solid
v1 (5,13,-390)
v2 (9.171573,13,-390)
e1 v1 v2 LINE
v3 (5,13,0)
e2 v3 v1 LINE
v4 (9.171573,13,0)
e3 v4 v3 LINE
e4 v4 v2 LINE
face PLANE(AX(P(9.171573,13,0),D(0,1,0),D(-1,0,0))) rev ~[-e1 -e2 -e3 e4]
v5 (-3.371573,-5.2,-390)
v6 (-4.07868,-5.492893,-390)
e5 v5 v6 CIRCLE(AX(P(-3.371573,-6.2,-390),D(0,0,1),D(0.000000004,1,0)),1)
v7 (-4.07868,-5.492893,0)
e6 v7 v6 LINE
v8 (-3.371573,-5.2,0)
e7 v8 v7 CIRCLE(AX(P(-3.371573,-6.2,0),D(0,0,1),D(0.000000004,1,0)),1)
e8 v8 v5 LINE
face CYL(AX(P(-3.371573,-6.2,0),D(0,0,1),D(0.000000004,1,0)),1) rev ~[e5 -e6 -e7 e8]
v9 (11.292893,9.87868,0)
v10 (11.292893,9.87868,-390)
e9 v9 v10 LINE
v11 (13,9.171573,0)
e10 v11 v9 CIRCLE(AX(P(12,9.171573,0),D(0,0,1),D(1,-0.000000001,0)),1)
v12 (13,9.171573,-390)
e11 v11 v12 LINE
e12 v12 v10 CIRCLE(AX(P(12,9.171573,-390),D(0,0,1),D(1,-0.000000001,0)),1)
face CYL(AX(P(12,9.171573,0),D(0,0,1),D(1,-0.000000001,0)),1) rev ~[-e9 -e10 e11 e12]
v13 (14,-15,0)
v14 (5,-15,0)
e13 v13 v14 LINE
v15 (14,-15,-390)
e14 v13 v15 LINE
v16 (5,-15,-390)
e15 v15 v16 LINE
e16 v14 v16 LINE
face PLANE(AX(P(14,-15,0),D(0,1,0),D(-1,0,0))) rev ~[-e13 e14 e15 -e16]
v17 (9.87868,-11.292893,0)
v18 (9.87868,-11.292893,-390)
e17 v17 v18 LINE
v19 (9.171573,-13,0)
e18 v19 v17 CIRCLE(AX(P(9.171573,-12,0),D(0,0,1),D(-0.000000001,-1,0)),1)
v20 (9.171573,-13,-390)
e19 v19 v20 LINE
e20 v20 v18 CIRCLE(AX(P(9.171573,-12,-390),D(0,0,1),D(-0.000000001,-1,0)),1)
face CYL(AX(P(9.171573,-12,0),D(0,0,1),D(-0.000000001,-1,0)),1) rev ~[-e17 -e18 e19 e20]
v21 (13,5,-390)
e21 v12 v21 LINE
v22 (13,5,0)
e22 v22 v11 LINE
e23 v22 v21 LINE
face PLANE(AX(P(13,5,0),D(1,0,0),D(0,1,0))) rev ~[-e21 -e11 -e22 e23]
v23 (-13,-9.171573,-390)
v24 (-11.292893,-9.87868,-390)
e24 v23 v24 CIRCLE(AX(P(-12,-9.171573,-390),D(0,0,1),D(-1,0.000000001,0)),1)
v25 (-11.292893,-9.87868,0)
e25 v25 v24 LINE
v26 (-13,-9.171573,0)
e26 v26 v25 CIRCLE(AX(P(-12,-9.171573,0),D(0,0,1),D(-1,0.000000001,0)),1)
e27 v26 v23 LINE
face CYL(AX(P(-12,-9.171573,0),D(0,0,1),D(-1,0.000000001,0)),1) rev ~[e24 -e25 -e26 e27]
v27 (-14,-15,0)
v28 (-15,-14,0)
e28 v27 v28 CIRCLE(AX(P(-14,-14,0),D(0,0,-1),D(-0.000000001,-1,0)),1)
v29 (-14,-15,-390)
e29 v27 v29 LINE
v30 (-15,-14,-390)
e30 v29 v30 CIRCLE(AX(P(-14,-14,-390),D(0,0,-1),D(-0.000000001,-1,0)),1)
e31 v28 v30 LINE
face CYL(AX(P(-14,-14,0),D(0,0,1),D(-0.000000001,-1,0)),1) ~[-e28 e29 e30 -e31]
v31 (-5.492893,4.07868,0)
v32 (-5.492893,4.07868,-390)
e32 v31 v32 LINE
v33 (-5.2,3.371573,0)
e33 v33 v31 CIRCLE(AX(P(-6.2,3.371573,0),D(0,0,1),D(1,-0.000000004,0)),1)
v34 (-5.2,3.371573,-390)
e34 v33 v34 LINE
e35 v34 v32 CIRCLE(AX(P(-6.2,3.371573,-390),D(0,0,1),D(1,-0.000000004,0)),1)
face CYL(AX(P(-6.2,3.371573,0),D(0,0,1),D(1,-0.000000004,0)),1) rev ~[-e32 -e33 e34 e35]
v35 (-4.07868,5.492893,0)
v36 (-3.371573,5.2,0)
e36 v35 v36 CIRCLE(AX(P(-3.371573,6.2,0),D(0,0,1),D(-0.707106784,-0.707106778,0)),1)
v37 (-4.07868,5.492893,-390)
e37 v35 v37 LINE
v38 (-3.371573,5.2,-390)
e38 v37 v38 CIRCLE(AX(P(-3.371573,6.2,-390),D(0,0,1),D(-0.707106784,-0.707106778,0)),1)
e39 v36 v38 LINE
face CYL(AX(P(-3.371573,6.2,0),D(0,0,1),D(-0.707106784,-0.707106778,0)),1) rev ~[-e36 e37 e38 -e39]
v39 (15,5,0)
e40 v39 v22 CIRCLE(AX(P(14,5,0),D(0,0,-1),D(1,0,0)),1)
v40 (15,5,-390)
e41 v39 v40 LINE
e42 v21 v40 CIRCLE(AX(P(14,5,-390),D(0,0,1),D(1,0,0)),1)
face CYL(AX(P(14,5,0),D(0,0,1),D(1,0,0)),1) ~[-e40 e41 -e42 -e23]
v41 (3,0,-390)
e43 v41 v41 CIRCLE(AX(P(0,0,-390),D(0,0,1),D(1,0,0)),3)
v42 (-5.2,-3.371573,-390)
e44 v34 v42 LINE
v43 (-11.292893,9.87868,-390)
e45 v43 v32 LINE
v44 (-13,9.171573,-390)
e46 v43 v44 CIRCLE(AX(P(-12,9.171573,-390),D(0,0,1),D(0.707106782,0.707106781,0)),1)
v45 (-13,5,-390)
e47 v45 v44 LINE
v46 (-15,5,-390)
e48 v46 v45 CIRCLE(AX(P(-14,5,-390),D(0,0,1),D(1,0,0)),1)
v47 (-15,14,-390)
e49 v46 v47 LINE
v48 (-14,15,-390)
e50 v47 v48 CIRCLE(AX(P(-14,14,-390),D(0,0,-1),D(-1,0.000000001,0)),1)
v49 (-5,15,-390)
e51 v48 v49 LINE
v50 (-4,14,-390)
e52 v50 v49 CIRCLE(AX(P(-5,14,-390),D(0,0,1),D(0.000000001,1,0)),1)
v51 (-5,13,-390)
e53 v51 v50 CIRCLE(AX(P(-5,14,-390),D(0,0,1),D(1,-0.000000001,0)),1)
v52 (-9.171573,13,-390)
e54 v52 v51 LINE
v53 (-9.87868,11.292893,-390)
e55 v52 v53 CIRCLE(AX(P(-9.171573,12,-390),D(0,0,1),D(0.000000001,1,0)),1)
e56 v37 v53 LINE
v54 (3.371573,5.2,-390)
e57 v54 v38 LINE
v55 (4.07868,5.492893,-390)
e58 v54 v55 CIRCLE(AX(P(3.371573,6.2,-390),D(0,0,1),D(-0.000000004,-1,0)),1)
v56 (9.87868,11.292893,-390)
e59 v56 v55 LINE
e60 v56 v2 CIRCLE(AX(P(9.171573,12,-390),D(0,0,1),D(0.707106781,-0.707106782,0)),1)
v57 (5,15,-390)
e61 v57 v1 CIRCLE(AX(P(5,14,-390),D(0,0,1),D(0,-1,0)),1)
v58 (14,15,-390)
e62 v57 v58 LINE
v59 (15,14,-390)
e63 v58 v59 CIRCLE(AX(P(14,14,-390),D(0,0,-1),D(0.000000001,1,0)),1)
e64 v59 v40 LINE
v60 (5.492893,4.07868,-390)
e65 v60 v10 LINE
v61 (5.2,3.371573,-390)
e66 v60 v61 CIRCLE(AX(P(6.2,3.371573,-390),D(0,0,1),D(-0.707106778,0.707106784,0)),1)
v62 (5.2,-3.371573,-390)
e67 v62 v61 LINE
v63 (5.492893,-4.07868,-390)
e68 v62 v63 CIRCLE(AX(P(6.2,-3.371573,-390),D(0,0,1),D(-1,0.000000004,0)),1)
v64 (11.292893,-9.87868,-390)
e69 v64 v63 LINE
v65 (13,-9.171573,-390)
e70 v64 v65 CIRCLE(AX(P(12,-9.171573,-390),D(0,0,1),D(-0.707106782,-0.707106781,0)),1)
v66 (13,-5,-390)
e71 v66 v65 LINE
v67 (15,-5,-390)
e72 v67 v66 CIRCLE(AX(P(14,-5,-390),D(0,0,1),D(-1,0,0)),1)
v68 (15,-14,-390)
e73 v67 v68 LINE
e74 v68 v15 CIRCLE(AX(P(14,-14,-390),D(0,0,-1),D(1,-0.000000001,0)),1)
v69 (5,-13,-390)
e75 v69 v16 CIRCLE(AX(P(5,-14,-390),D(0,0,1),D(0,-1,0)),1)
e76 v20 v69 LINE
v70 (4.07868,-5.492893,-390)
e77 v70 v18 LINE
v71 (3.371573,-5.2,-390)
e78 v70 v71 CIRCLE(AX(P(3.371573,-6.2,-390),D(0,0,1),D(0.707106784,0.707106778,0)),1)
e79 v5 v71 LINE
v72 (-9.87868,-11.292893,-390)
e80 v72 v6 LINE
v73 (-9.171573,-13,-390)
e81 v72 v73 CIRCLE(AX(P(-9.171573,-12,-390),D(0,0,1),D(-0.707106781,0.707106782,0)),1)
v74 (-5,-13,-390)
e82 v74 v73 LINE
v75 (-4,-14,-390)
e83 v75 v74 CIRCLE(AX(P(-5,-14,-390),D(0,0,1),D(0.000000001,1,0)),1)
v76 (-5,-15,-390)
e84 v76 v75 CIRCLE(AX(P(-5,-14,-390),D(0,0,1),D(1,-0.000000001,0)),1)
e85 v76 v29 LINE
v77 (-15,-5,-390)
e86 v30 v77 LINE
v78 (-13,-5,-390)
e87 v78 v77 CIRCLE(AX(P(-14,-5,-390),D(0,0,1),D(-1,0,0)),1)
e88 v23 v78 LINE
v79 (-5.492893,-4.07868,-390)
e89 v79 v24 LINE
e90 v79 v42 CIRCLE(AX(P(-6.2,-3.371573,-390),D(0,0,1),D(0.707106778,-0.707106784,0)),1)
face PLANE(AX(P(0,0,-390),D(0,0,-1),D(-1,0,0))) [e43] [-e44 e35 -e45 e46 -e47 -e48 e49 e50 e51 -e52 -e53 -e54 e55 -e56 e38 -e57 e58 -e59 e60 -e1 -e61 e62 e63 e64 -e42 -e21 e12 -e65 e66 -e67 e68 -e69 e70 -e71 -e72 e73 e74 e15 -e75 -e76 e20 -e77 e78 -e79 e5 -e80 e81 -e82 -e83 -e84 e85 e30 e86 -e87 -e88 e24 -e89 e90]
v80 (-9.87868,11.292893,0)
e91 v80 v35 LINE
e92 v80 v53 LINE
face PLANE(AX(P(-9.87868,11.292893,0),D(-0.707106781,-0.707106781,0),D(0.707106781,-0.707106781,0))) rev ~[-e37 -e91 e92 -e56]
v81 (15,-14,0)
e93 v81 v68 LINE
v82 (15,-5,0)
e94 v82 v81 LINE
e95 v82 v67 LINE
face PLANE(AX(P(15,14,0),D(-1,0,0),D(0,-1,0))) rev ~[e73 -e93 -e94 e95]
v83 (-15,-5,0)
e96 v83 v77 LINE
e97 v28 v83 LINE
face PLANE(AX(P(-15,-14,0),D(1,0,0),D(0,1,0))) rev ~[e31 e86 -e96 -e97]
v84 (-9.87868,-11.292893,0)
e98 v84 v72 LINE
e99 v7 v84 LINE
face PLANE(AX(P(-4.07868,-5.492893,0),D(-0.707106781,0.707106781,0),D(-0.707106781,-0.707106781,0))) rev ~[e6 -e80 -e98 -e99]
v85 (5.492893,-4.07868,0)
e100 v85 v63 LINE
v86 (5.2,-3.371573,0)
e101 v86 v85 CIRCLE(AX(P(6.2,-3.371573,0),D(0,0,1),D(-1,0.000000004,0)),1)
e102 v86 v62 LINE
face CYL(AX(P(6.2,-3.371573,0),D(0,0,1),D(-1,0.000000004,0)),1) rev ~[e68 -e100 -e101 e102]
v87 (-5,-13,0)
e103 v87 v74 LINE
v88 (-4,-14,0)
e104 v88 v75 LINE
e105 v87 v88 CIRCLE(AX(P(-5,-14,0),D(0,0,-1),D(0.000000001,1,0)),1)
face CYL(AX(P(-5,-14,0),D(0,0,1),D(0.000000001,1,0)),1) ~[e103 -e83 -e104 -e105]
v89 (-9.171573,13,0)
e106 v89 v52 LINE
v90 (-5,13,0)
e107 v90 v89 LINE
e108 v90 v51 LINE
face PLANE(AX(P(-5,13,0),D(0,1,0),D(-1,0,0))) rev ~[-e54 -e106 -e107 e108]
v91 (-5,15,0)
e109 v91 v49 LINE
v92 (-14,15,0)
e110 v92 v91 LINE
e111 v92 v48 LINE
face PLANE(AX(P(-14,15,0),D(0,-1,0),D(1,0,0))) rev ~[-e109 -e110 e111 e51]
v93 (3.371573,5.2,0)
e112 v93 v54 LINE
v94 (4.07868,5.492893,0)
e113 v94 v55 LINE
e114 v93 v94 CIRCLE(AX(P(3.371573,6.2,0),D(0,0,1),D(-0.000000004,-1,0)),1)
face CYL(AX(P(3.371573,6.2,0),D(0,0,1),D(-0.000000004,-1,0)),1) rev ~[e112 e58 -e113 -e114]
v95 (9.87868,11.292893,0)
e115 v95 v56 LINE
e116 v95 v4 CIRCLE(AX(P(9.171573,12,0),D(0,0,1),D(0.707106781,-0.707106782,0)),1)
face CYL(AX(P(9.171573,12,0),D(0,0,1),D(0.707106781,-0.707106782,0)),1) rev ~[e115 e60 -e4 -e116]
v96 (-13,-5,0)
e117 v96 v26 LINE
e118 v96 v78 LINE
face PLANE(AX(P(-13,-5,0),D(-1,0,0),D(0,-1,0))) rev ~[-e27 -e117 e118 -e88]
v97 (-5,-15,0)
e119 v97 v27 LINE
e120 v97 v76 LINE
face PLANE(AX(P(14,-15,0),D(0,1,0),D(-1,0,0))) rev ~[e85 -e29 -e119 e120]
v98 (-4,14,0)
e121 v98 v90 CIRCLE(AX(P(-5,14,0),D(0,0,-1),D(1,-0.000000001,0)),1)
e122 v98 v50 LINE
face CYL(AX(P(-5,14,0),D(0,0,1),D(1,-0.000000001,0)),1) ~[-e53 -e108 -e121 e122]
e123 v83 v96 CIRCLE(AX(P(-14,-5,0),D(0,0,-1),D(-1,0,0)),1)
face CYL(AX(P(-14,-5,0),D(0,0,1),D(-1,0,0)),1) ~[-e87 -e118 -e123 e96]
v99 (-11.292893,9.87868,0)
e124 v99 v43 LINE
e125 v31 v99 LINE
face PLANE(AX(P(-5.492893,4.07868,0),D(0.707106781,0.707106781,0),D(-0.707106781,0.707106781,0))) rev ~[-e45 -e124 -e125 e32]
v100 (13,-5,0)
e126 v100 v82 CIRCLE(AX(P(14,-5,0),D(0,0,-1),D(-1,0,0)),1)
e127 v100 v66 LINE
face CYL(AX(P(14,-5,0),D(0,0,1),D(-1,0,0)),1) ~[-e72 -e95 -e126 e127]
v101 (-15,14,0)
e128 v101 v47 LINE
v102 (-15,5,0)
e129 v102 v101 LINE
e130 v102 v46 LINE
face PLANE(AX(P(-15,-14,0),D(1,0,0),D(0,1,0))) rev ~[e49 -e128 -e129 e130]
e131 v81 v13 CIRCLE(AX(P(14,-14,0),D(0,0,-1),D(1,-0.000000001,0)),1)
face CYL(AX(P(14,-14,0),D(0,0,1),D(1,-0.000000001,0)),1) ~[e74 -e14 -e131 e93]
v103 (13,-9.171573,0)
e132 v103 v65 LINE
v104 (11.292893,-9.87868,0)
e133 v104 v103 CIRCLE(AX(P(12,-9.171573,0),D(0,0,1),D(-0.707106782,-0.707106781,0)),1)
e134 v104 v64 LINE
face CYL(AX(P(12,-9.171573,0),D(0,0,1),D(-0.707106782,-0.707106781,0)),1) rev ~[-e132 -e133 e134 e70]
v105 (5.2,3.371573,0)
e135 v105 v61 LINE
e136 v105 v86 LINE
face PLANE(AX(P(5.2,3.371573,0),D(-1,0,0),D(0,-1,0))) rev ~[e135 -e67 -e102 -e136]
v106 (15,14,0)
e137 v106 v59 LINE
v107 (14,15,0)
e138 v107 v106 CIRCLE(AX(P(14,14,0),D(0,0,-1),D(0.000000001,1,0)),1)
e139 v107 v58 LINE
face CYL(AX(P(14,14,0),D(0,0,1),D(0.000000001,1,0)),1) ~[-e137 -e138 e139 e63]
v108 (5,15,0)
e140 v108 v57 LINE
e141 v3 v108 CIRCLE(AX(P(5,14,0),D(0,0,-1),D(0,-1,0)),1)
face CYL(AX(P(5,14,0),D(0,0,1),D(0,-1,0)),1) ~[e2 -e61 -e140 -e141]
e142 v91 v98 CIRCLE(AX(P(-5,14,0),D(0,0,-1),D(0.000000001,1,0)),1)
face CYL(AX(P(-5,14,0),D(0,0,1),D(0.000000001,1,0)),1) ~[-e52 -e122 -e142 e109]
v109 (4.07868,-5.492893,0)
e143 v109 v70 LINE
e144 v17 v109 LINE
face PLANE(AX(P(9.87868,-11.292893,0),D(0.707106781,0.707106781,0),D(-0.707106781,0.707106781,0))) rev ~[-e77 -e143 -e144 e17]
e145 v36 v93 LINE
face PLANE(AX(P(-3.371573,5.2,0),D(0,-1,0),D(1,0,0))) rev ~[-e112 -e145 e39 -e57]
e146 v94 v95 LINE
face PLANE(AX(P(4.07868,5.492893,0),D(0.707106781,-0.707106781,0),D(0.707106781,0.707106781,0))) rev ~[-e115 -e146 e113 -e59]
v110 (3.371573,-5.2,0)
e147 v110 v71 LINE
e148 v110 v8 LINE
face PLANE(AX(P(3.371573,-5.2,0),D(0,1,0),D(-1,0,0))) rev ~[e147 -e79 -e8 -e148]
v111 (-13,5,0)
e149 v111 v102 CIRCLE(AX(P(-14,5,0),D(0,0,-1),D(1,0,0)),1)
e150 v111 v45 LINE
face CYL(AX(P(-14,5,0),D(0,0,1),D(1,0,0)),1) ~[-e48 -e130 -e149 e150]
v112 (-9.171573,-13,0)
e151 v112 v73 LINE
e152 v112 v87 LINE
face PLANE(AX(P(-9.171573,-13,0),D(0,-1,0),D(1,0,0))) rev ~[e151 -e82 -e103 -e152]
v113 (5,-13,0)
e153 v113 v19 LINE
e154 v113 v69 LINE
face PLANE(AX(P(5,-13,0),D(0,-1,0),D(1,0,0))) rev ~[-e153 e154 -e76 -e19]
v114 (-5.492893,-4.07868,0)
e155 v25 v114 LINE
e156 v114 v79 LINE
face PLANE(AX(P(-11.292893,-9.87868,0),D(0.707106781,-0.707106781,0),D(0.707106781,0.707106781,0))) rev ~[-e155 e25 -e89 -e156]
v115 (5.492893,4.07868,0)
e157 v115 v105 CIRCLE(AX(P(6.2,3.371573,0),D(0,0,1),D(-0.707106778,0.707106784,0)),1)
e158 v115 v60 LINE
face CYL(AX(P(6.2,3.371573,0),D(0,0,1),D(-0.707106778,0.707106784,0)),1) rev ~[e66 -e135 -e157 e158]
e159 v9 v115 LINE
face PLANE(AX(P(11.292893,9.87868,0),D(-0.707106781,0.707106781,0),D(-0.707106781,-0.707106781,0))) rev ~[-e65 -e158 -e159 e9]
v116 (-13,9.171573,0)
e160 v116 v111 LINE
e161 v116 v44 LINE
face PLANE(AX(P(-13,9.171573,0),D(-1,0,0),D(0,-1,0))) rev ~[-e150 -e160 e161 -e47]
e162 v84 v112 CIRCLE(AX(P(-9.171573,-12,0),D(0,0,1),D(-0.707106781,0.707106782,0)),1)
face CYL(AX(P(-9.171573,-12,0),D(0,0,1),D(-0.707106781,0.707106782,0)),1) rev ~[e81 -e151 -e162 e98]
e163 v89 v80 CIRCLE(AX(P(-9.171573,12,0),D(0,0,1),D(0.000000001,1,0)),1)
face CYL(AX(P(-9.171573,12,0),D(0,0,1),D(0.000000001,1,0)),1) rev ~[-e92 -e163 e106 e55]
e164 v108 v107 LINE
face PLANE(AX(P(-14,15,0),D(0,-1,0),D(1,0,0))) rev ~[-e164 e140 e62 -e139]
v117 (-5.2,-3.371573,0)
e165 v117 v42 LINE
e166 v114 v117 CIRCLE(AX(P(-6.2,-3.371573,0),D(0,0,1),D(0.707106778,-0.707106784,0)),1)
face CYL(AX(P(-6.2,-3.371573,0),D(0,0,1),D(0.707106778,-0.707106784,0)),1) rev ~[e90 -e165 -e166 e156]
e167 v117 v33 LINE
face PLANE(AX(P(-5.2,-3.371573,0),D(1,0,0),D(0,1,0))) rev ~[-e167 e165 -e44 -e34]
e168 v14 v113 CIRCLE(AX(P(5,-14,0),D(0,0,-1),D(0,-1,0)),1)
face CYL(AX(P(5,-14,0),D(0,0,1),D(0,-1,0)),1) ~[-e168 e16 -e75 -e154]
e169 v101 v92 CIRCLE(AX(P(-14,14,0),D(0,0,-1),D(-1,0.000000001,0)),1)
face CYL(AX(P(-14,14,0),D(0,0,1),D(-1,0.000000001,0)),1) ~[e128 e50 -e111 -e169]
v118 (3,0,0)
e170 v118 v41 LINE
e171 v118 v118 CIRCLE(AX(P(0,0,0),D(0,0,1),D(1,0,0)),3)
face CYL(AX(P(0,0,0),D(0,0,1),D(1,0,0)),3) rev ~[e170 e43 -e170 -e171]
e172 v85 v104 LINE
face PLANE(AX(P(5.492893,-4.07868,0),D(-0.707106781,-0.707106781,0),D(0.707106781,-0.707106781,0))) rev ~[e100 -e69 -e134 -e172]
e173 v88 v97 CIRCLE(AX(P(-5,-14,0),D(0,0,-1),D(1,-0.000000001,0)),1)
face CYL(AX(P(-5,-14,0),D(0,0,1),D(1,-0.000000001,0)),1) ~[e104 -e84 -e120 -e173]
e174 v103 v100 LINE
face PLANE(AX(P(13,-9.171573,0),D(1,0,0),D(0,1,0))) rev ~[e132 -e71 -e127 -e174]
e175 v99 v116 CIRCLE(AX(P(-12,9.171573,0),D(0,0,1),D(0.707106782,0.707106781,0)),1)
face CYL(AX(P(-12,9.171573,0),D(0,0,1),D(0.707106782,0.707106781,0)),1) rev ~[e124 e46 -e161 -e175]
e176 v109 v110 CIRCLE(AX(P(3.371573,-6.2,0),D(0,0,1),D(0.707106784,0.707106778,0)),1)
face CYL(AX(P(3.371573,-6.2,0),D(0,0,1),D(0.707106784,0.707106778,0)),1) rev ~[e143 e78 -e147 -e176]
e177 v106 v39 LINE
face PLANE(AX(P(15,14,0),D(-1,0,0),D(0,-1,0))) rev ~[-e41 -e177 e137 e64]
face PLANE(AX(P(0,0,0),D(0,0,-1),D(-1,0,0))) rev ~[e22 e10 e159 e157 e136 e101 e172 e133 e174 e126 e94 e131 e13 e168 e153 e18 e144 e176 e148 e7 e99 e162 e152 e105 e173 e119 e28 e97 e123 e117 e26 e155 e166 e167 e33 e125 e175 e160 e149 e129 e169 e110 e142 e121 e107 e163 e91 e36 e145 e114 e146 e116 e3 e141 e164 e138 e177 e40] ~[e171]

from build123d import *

# Parameters (mm, degrees)
SALIENTE_EXTRUIR1_DEPTH = 390
CROQUIS2_R              = 3
CORTAR_EXTRUIR1_DEPTH   = 391.576496989
CORTAR_EXTRUIR3_DEPTH   = 391.576496989


with BuildPart() as part:
    # Croquis1 → Saliente-Extruir1 (new body)
    with BuildSketch(Plane.XY):
        with BuildLine():
            Line((-14, 15), (14, 15))
            ThreePointArc((14, 15), (14.707106781, 14.707106781), (15, 14))
            Line((15, 14), (15, -14))
            ThreePointArc((15, -14), (14.707106781, -14.707106781), (14, -15))
            Line((14, -15), (-14, -15))
            ThreePointArc((-14, -15), (-14.707106781, -14.707106781), (-15, -14))
            Line((-15, -14), (-15, 14))
            ThreePointArc((-15, 14), (-14.707106781, 14.707106781), (-14, 15))
        make_face()
    extrude(amount=-SALIENTE_EXTRUIR1_DEPTH)

    # Croquis2 → Cortar-Extruir1 (cut, through all)
    with BuildSketch(Plane.XY):
        Circle(CROQUIS2_R)
    extrude(amount=-CORTAR_EXTRUIR1_DEPTH, mode=Mode.SUBTRACT)

    # Croquis3 → Cortar-Extruir3 (cut, through all)
    with BuildSketch(Plane.XY):
        with BuildLine():
            Line((-5.492893219, 4.078679656), (-11.292893219, 9.878679656))
            ThreePointArc((-11.292893219, 9.878679656), (-12.382683432, 10.095452408), (-13, 9.171572875))
            Line((-13, 9.171572875), (-13, 5))
            ThreePointArc((-13, 5), (-14, 4), (-15, 5))
            Line((-15, 5), (-15, -5))
            ThreePointArc((-15, -5), (-14, -4), (-13, -5))
            Line((-13, -5), (-13, -9.171572875))
            ThreePointArc((-13, -9.171572875), (-12.382683432, -10.095452408), (-11.292893219, -9.878679656))
            Line((-11.292893219, -9.878679656), (-5.492893219, -4.078679656))
            ThreePointArc((-5.492893219, -4.078679656), (-5.276120467, -3.754256308), (-5.2, -3.371572875))
            Line((-5.2, -3.371572875), (-5.2, 3.371572875))
            ThreePointArc((-5.2, 3.371572875), (-5.276120467, 3.754256308), (-5.492893219, 4.078679656))
        make_face()
        with BuildLine():
            ThreePointArc((-9.171572875, 13), (-10.095452408, 12.382683432), (-9.878679656, 11.292893219))
            Line((-9.878679656, 11.292893219), (-4.078679656, 5.492893219))
            ThreePointArc((-4.078679656, 5.492893219), (-3.754256308, 5.276120467), (-3.371572875, 5.2))
            Line((-3.371572875, 5.2), (3.371572875, 5.2))
            ThreePointArc((3.371572875, 5.2), (3.754256308, 5.276120467), (4.078679656, 5.492893219))
            Line((4.078679656, 5.492893219), (9.878679656, 11.292893219))
            ThreePointArc((9.878679656, 11.292893219), (10.095452408, 12.382683432), (9.171572875, 13))
            Line((9.171572875, 13), (5, 13))
            ThreePointArc((5, 13), (4, 14), (5, 15))
            Line((5, 15), (-5, 15))
            ThreePointArc((-5, 15), (-4.292893219, 14.707106781), (-4, 14))
            ThreePointArc((-4, 14), (-4.292893219, 13.292893219), (-5, 13))
            Line((-5, 13), (-9.171572875, 13))
        make_face()
        with BuildLine():
            Line((9.878679656, -11.292893219), (4.078679656, -5.492893219))
            ThreePointArc((4.078679656, -5.492893219), (3.754256308, -5.276120467), (3.371572875, -5.2))
            Line((3.371572875, -5.2), (-3.371572875, -5.2))
            ThreePointArc((-3.371572875, -5.2), (-3.754256308, -5.276120467), (-4.078679656, -5.492893219))
            Line((-4.078679656, -5.492893219), (-9.878679656, -11.292893219))
            ThreePointArc((-9.878679656, -11.292893219), (-10.095452408, -12.382683432), (-9.171572875, -13))
            Line((-9.171572875, -13), (-5, -13))
            ThreePointArc((-5, -13), (-4.292893219, -13.292893219), (-4, -14))
            ThreePointArc((-4, -14), (-4.292893219, -14.707106781), (-5, -15))
            Line((-5, -15), (5, -15))
            ThreePointArc((5, -15), (4, -14), (5, -13))
            Line((5, -13), (9.171572875, -13))
            ThreePointArc((9.171572875, -13), (10.095452408, -12.382683432), (9.878679656, -11.292893219))
        make_face()
        with BuildLine():
            ThreePointArc((13, 9.171572875), (12.382683432, 10.095452408), (11.292893219, 9.878679656))
            Line((11.292893219, 9.878679656), (5.492893219, 4.078679656))
            ThreePointArc((5.492893219, 4.078679656), (5.276120467, 3.754256308), (5.2, 3.371572875))
            Line((5.2, 3.371572875), (5.2, -3.371572875))
            ThreePointArc((5.2, -3.371572875), (5.276120467, -3.754256308), (5.492893219, -4.078679656))
            Line((5.492893219, -4.078679656), (11.292893219, -9.878679656))
            ThreePointArc((11.292893219, -9.878679656), (12.382683432, -10.095452408), (13, -9.171572875))
            Line((13, -9.171572875), (13, -5))
            ThreePointArc((13, -5), (14, -4), (15, -5))
            Line((15, -5), (15, 5))
            ThreePointArc((15, 5), (14, 4), (13, 5))
            Line((13, 5), (13, 9.171572875))
        make_face()
    extrude(amount=-CORTAR_EXTRUIR3_DEPTH, mode=Mode.SUBTRACT)


solid = part.part
